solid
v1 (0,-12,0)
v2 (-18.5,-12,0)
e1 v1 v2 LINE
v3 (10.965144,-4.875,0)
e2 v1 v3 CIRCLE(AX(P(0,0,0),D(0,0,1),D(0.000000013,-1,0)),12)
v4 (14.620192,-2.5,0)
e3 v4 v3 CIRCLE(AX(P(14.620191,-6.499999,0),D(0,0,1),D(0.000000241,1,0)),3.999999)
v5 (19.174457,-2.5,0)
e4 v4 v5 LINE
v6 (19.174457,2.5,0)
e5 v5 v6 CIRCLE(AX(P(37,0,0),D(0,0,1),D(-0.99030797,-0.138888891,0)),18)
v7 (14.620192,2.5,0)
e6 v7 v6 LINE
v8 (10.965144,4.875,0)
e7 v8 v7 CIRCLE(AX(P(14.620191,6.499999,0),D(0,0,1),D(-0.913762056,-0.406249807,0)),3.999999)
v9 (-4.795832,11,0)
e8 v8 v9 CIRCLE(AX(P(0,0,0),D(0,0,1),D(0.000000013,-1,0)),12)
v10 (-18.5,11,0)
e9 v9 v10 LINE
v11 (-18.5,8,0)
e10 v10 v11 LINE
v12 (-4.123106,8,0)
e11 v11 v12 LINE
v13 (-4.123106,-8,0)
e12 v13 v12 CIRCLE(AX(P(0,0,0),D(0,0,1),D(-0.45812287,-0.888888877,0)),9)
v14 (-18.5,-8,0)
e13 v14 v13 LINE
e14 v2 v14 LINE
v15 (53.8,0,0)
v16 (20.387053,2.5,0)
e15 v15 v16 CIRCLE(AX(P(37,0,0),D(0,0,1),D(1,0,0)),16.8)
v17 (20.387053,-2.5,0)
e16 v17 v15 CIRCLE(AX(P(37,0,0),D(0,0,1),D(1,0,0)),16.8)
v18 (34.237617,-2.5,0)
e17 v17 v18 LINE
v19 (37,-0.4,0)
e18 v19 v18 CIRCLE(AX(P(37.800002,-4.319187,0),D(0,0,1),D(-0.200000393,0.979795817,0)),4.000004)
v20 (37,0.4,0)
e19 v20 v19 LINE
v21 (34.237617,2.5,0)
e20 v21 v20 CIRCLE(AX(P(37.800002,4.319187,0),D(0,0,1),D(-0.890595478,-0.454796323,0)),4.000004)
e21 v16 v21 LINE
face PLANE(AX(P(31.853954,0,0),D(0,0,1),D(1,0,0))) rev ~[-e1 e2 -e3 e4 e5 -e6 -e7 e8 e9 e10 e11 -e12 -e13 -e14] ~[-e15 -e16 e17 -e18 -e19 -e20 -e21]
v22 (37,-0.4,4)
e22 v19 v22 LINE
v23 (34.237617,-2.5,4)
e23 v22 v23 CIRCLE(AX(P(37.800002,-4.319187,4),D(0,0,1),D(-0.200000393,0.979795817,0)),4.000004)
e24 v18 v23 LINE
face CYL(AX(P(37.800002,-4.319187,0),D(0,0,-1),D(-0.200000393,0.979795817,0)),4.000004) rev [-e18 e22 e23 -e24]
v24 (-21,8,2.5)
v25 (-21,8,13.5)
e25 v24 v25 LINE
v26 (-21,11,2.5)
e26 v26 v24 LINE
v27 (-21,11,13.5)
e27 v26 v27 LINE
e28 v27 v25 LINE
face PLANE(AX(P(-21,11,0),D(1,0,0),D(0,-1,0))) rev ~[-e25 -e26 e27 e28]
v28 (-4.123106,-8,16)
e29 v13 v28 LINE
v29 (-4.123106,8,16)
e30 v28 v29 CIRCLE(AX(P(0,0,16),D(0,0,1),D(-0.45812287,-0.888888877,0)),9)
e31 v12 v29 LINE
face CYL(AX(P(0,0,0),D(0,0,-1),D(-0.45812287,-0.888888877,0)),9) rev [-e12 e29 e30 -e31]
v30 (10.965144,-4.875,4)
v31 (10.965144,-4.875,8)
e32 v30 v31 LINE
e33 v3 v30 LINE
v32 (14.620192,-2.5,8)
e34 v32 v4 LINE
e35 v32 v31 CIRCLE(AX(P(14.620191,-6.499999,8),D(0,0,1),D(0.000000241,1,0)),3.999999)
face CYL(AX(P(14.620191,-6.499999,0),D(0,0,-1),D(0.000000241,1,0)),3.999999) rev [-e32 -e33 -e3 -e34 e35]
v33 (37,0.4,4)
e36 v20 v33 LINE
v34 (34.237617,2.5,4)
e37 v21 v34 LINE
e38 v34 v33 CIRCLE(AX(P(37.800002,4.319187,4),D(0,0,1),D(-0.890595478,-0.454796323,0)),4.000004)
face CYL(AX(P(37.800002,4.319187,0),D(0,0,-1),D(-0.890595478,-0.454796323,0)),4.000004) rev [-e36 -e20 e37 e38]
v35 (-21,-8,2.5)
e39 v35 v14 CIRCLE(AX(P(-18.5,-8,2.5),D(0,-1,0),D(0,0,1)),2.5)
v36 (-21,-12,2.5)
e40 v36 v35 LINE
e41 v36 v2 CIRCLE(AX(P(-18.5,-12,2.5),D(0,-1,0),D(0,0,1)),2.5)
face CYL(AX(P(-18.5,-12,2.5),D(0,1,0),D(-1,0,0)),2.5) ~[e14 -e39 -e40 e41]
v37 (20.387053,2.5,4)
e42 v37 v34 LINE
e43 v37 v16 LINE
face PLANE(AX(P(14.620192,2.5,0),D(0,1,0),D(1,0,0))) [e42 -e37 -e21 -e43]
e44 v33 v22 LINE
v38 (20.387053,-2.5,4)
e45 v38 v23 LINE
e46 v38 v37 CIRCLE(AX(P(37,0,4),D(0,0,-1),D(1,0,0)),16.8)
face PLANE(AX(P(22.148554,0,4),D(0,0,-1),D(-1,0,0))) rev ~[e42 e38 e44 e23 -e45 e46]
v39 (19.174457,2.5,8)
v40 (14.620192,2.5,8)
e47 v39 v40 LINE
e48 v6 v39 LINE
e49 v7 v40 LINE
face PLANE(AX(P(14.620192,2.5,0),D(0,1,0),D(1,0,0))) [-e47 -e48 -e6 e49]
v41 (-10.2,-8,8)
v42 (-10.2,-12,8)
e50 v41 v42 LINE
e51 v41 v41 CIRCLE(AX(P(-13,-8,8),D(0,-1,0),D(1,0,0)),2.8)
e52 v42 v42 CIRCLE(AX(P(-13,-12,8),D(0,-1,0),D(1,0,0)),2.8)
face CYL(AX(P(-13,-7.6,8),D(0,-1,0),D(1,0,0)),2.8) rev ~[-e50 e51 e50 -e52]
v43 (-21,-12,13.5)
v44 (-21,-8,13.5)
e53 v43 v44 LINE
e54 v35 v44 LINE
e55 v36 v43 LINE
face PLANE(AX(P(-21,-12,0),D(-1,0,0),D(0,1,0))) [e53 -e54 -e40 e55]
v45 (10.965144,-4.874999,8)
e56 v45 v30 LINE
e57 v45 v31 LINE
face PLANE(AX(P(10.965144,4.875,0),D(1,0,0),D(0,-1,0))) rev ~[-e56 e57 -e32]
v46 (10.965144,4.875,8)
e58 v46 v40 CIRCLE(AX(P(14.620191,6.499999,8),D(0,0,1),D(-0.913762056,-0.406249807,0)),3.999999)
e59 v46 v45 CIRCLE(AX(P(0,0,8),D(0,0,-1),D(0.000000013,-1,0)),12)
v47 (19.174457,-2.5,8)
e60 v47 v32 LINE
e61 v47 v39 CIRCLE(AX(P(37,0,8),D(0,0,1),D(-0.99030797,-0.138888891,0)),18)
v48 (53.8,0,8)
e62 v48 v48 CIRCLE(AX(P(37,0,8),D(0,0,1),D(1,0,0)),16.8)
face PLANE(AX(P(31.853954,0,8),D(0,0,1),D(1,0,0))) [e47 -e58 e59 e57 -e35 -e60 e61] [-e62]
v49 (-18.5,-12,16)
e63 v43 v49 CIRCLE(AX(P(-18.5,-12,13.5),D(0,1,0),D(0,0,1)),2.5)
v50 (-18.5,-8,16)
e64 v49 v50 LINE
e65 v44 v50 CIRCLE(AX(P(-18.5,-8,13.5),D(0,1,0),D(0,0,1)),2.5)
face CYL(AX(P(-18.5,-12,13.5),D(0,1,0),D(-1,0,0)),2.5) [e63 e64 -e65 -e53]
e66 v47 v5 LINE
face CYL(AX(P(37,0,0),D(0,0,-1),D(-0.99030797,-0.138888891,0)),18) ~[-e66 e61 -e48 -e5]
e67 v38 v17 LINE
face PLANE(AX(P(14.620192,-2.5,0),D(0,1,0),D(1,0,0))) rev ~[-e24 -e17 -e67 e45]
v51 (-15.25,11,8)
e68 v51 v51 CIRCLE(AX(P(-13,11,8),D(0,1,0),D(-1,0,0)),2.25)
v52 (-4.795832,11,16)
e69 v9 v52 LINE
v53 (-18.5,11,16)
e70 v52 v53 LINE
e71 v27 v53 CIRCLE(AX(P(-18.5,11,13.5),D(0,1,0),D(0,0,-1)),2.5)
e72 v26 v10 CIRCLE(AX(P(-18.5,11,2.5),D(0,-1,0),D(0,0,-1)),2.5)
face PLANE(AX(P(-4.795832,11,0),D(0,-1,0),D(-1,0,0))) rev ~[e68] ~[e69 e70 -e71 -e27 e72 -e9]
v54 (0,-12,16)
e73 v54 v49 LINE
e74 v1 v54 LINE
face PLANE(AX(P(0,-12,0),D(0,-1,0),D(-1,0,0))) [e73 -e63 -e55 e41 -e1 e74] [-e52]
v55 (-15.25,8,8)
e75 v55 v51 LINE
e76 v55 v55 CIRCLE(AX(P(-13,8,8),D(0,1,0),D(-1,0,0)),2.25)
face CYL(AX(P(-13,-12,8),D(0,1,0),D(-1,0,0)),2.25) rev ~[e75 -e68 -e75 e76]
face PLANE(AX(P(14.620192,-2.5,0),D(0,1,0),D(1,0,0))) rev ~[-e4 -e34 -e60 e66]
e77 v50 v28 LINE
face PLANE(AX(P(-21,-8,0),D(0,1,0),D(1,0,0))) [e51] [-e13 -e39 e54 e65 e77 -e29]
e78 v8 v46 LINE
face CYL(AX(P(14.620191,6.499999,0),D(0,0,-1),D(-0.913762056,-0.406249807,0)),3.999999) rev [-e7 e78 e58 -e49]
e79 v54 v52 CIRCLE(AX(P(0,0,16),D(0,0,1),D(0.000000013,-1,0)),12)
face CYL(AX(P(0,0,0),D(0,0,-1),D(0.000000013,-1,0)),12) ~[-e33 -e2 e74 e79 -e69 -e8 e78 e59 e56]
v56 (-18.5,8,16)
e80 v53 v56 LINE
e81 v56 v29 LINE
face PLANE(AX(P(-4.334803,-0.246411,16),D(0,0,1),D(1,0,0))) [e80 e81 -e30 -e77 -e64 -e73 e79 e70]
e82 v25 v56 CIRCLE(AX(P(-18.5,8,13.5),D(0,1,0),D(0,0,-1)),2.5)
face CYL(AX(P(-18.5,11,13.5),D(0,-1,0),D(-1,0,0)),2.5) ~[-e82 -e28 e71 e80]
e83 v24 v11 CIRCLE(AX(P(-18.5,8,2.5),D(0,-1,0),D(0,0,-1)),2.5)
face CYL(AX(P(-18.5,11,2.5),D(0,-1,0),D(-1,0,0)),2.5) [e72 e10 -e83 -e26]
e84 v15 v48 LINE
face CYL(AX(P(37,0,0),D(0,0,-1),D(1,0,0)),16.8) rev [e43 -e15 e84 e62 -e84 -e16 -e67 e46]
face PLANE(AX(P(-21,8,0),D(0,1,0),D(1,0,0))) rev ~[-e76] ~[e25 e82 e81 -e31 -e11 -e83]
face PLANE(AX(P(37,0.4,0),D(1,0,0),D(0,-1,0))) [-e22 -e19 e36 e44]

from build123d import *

# Parameters (mm, degrees)
PAD006_DEPTH        = 16
FILLET005_R         = 2.5
HOLE006_D           = 4.5
HOLE006_CBORE_D     = 5.6
HOLE006_CBORE_DEPTH = 4.4
PAD009_DEPTH        = 4
SKETCH027_R         = 16.8
PAD010_DEPTH        = 8


with BuildPart() as part:
    # Sketch023 → Pad006 (new body)
    with BuildSketch(Plane.XY):
        with BuildLine():
            Line((-4.795832, 11), (-21, 11))
            Line((-21, 11), (-21, 8))
            Line((-21, 8), (-4.123106, 8))
            ThreePointArc((-4.123106, -8), (9, 0), (-4.123106, 8))
            Line((-21, -8), (-4.123106, -8))
            Line((-21, -12), (-21, -8))
            Line((0, -12), (-21, -12))
            ThreePointArc((0, -12), (11.74734, 2.44949), (-4.795832, 11))
        make_face()
    extrude(amount=PAD006_DEPTH)

    # Fillet005
    fillet005_edges = [part.edges().sort_by_distance(p)[0] for p in [
        (-21, 9.5, 0),
        (-21, 9.5, 16),
        (-21, -10, 16),
        (-21, -10, 0),
    ]]
    fillet(fillet005_edges, radius=FILLET005_R)

    # Hole006 (through all)
    with Locations(Plane.XZ.offset(12)):
        with Locations((-13, 8)):
            CounterBoreHole(HOLE006_D / 2, HOLE006_CBORE_D / 2, HOLE006_CBORE_DEPTH)

    # Sketch028 → Pad009 (join)
    with BuildSketch(Plane.XY):
        with BuildLine():
            Line((14.620192, 2.5), (34.237617, 2.5))
            ThreePointArc((34.237617, 2.5), (35.379237, 1.134862), (37, 0.4))
            Line((37, 0.4), (37, -0.4))
            ThreePointArc((37, -0.4), (35.379237, -1.134862), (34.237617, -2.5))
            Line((14.620192, -2.5), (34.237617, -2.5))
            ThreePointArc((14.620192, -2.5), (12.440742, -3.145898), (10.965144, -4.875))
            Line((10.965144, 4.875), (10.965144, -4.875))
            ThreePointArc((10.965144, 4.875), (12.440742, 3.145898), (14.620192, 2.5))
        make_face()
    extrude(amount=PAD009_DEPTH)

    # Sketch027 → Pad010 (join)
    with BuildSketch(Plane.XY):
        with BuildLine():
            ThreePointArc((19.174457, -2.5), (55, 0), (19.174457, 2.5))
            Line((19.174457, 2.5), (14.620192, 2.5))
            ThreePointArc((10.965144, 4.875), (12.440742, 3.145898), (14.620192, 2.5))
            Line((10.965144, 4.875), (10.965144, -4.875))
            ThreePointArc((14.620192, -2.5), (12.440742, -3.145898), (10.965144, -4.875))
            Line((19.174457, -2.5), (14.620192, -2.5))
        make_face()
        with Locations((37, 0)):
            Circle(SKETCH027_R, mode=Mode.SUBTRACT)
    extrude(amount=PAD010_DEPTH)


solid = part.part
